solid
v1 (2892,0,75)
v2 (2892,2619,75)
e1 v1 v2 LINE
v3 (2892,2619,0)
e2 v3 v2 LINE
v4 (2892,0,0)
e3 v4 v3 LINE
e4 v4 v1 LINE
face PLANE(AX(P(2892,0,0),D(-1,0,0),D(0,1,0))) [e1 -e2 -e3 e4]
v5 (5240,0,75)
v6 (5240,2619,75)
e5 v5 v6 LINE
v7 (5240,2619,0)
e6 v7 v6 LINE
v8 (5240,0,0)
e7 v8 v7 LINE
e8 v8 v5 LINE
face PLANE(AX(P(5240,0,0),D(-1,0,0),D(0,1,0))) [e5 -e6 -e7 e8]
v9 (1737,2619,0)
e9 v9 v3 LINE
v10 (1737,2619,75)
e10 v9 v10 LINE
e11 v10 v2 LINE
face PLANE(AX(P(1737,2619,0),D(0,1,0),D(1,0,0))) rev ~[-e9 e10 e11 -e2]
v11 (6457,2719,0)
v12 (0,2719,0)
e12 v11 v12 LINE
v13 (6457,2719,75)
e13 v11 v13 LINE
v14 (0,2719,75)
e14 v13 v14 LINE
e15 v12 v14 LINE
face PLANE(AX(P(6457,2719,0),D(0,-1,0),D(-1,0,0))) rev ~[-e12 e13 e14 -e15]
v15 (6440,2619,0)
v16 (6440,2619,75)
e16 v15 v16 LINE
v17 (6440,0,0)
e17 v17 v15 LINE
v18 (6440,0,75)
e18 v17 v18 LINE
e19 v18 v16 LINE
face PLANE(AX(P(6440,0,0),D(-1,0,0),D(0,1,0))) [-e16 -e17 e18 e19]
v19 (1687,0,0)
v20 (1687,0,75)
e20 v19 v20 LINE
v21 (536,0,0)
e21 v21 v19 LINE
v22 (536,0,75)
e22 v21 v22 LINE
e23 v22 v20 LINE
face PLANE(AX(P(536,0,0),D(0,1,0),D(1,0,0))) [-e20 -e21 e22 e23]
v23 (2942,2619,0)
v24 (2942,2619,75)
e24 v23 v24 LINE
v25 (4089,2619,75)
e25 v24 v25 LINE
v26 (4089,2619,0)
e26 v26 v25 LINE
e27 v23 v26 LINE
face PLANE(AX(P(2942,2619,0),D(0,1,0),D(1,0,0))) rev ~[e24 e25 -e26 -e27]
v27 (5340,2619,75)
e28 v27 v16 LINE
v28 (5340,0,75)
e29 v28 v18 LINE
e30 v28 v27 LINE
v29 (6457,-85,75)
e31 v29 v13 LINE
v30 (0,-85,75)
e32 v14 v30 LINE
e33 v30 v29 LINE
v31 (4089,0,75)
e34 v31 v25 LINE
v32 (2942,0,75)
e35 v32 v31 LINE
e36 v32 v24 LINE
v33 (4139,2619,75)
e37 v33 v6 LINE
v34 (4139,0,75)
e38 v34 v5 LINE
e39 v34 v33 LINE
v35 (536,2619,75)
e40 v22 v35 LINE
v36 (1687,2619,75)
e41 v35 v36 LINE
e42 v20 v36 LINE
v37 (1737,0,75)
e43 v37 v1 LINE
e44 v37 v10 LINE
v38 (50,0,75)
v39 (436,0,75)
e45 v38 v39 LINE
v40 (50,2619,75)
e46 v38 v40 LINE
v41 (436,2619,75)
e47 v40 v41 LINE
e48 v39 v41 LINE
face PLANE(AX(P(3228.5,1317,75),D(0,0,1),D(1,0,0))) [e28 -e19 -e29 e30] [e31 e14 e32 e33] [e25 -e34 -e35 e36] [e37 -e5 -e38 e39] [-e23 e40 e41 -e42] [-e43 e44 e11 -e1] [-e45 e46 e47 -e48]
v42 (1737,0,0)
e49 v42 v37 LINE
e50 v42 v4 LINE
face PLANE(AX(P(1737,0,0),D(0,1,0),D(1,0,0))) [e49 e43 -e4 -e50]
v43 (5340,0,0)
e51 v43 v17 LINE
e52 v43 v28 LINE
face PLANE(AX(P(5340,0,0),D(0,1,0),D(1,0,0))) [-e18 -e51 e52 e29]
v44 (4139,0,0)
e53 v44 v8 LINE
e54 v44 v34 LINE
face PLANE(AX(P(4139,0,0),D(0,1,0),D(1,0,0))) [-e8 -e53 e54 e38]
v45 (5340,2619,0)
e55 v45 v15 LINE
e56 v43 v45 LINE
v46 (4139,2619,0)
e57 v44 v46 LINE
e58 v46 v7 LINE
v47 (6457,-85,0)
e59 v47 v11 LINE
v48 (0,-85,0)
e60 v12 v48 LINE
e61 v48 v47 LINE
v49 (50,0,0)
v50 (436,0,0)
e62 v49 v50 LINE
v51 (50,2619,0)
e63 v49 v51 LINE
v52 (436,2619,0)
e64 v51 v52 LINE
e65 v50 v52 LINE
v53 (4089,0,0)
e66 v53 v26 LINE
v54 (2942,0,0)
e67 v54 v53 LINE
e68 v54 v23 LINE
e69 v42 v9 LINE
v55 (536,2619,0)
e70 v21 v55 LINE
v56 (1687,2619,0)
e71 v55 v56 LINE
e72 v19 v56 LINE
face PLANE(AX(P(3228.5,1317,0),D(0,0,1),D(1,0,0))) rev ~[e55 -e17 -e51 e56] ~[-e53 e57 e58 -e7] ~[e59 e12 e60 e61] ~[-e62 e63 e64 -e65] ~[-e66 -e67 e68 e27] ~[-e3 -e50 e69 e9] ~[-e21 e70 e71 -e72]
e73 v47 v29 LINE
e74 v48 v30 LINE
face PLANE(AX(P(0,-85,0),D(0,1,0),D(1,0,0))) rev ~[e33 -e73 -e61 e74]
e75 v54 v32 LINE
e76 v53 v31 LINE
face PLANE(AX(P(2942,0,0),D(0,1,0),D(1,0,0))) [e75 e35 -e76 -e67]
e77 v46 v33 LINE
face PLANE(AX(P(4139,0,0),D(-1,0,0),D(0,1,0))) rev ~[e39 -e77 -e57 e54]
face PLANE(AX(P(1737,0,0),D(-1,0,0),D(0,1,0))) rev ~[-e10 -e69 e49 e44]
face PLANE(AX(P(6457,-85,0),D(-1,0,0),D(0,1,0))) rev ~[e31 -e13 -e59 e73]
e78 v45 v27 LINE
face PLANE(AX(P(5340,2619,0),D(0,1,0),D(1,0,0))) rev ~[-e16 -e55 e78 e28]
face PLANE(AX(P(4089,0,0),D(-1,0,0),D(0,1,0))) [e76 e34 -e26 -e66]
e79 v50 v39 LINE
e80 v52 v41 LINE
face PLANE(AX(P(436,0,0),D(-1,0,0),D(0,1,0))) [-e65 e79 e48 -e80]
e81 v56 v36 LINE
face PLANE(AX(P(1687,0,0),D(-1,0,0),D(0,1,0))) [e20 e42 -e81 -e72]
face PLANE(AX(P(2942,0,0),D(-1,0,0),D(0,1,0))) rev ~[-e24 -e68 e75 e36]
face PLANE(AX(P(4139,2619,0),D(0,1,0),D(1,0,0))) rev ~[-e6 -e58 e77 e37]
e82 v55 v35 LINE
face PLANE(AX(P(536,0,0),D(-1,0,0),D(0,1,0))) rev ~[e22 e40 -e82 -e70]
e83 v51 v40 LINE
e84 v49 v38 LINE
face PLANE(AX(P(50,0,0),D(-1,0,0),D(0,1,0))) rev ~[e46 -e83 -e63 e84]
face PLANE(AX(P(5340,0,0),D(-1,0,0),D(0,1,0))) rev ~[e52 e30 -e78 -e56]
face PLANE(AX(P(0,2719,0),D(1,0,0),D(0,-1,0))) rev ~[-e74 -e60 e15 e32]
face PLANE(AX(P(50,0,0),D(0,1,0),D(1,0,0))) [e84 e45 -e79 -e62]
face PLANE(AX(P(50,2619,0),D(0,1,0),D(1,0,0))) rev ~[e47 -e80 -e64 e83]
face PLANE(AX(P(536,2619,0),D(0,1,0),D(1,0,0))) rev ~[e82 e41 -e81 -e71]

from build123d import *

# Parameters (mm, degrees)
F0_W     = 386
F0_H     = 2619
F0_W_2   = 1151
F0_W_3   = 1155
F0_W_4   = 1147
F0_W_5   = 1101
F0_W_6   = 1100
F1_DEPTH = 75


with BuildPart() as f1:
    # F0 (on Top) → F1 (new body)
    with BuildSketch(Plane.XY):
        Polygon((0, 2719), (0, 0), (0, -85), (6457, -85), (6457, 0), (6457, 2619), (6457, 2719), (50, 2719), align=None)
        with Locations((243, 1309.5)):
            Rectangle(F0_W, F0_H, mode=Mode.SUBTRACT)
        with Locations((1111.5, 1309.5)):
            Rectangle(F0_W_2, F0_H, mode=Mode.SUBTRACT)
        with Locations((2314.5, 1309.5)):
            Rectangle(F0_W_3, F0_H, mode=Mode.SUBTRACT)
        with Locations((3515.5, 1309.5)):
            Rectangle(F0_W_4, F0_H, mode=Mode.SUBTRACT)
        with Locations((4689.5, 1309.5)):
            Rectangle(F0_W_5, F0_H, mode=Mode.SUBTRACT)
        with Locations((5890, 1309.5)):
            Rectangle(F0_W_6, F0_H, mode=Mode.SUBTRACT)
    extrude(amount=F1_DEPTH)


solid = f1.part
